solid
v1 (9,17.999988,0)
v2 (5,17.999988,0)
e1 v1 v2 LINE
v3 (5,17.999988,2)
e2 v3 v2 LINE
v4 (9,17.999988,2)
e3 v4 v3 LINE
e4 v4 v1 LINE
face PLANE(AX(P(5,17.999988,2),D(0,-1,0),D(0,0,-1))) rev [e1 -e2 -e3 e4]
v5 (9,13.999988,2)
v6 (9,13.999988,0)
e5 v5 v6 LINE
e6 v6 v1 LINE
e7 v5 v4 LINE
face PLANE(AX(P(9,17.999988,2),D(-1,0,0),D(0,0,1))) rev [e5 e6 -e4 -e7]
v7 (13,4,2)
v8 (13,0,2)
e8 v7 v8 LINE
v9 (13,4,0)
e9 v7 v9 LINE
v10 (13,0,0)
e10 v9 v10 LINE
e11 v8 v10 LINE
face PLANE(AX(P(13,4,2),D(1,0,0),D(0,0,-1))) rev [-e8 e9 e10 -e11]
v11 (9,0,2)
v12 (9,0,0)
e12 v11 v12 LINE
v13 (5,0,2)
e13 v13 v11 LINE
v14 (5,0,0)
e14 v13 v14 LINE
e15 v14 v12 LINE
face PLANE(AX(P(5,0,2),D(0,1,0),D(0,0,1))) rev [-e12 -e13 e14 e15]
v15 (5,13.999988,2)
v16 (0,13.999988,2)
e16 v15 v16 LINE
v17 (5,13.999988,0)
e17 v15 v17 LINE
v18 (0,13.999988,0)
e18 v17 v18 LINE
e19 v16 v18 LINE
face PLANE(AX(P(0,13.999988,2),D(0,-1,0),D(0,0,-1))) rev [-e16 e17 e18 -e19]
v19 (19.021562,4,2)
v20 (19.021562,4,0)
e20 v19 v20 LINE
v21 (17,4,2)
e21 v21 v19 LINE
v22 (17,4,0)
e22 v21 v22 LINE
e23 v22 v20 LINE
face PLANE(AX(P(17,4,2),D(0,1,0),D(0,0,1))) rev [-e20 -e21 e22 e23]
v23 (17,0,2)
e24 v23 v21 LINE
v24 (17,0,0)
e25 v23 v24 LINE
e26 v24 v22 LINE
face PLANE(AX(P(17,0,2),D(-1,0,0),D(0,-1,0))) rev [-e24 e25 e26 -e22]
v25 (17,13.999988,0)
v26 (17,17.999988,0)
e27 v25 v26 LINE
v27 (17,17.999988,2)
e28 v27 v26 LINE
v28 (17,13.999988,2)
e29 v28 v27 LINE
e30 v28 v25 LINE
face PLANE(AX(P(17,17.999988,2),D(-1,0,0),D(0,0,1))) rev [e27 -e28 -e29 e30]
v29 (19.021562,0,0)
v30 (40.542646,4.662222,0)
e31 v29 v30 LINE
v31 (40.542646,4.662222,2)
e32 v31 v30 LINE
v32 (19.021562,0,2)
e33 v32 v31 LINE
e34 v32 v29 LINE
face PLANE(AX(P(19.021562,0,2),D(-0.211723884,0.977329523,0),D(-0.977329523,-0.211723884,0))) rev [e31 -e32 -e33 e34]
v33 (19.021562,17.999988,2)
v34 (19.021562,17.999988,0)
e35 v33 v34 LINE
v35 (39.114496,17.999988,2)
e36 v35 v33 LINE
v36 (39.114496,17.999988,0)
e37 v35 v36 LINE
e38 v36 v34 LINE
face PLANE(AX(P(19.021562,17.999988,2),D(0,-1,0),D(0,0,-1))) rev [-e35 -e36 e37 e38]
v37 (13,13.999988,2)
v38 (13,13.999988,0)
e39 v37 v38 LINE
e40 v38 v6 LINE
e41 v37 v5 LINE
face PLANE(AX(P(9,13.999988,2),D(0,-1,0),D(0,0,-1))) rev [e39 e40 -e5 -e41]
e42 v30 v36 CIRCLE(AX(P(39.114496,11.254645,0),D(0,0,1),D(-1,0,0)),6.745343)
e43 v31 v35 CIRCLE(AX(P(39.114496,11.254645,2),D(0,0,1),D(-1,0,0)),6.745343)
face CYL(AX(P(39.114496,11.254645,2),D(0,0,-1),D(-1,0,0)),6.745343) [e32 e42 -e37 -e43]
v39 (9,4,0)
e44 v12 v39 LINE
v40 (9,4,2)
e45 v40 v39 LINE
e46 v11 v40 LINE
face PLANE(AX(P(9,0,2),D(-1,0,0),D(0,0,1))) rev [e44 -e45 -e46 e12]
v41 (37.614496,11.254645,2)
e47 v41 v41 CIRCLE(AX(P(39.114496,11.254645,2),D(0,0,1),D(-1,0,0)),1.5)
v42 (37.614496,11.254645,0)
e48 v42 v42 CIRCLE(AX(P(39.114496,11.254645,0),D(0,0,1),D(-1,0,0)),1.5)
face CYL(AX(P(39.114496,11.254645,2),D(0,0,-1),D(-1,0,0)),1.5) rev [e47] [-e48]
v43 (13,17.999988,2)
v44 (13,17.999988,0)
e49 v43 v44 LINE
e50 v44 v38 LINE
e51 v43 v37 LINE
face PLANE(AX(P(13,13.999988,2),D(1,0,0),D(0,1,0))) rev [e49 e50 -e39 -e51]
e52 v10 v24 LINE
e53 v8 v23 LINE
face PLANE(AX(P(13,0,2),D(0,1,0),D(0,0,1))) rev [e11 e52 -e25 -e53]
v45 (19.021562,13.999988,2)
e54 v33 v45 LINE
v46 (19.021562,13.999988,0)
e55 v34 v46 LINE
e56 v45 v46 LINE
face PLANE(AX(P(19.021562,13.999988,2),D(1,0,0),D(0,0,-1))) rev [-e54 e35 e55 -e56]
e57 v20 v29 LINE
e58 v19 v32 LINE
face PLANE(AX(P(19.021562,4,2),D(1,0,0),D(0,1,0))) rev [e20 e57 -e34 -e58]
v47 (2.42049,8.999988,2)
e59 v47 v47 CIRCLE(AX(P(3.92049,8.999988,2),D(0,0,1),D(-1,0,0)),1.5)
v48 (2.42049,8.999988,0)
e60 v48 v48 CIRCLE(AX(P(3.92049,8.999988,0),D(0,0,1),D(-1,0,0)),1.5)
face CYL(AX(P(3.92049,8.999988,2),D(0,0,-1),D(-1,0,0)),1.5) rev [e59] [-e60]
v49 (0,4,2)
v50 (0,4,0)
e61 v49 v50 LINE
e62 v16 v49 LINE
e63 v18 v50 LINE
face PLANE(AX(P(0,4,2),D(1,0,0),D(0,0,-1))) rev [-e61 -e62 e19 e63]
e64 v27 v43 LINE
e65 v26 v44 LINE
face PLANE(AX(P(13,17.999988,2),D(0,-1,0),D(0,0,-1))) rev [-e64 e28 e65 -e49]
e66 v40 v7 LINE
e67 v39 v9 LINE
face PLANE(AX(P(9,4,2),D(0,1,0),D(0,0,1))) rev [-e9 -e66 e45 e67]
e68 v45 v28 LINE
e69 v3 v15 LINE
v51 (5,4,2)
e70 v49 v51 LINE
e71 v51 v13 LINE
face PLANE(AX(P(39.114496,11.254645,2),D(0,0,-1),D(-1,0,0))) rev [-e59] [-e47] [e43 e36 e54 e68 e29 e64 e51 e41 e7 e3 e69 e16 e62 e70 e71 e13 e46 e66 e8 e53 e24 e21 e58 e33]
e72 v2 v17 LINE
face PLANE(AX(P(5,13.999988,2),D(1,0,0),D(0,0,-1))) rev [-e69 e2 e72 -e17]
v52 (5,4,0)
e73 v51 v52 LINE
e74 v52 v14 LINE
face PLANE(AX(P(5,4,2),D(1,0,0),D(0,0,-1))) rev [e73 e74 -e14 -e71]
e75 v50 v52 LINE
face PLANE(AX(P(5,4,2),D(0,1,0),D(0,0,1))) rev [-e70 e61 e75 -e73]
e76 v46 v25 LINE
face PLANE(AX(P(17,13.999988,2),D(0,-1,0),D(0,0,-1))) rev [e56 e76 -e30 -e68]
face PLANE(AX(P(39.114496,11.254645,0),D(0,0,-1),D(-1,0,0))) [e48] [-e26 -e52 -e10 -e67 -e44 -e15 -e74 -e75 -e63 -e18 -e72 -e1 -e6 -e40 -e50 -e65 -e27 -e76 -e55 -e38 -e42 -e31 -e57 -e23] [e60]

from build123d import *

# Parameters (mm, degrees)
SKETCH1_R           = 1.5
BOSS_EXTRUDE1_DEPTH = 2


with BuildPart() as part:
    # Sketch1 → Boss-Extrude1 (new body)
    with BuildSketch(Plane.XY):
        with BuildLine():
            Line((19.021561934, 0), (40.542646089, 4.662222335))
            ThreePointArc((40.542646089, 4.662222335), (45.821499943, 11.972802233), (39.114495851, 17.999988357))
            Line((39.114495851, 17.999988357), (19.021561934, 17.999988357))
            Line((19.021561934, 17.999988357), (19.021561934, 13.999988357))
            Line((19.021561934, 13.999988357), (17, 13.999988357))
            Line((17, 13.999988357), (17, 17.999988357))
            Line((17, 17.999988357), (13, 17.999988357))
            Line((13, 17.999988357), (13, 13.999988357))
            Line((13, 13.999988357), (9, 13.999988357))
            Line((9, 13.999988357), (9, 17.999988357))
            Line((9, 17.999988357), (5, 17.999988357))
            Line((5, 17.999988357), (5, 13.999988357))
            Line((5, 13.999988357), (0, 13.999988357))
            Line((0, 13.999988357), (0, 4))
            Line((0, 4), (5, 4))
            Line((5, 4), (5, 0))
            Line((5, 0), (9, 0))
            Line((9, 0), (9, 4))
            Line((9, 4), (13, 4))
            Line((13, 4), (13, 0))
            Line((13, 0), (17, 0))
            Line((17, 0), (17, 4))
            Line((17, 4), (19.021561934, 4))
            Line((19.021561934, 4), (19.021561934, 0))
        make_face()
        with Locations((39.114495851, 11.254645274)):
            Circle(SKETCH1_R, mode=Mode.SUBTRACT)
        with Locations((3.920490093, 8.999988357)):
            Circle(SKETCH1_R, mode=Mode.SUBTRACT)
    extrude(amount=BOSS_EXTRUDE1_DEPTH)


solid = part.part
